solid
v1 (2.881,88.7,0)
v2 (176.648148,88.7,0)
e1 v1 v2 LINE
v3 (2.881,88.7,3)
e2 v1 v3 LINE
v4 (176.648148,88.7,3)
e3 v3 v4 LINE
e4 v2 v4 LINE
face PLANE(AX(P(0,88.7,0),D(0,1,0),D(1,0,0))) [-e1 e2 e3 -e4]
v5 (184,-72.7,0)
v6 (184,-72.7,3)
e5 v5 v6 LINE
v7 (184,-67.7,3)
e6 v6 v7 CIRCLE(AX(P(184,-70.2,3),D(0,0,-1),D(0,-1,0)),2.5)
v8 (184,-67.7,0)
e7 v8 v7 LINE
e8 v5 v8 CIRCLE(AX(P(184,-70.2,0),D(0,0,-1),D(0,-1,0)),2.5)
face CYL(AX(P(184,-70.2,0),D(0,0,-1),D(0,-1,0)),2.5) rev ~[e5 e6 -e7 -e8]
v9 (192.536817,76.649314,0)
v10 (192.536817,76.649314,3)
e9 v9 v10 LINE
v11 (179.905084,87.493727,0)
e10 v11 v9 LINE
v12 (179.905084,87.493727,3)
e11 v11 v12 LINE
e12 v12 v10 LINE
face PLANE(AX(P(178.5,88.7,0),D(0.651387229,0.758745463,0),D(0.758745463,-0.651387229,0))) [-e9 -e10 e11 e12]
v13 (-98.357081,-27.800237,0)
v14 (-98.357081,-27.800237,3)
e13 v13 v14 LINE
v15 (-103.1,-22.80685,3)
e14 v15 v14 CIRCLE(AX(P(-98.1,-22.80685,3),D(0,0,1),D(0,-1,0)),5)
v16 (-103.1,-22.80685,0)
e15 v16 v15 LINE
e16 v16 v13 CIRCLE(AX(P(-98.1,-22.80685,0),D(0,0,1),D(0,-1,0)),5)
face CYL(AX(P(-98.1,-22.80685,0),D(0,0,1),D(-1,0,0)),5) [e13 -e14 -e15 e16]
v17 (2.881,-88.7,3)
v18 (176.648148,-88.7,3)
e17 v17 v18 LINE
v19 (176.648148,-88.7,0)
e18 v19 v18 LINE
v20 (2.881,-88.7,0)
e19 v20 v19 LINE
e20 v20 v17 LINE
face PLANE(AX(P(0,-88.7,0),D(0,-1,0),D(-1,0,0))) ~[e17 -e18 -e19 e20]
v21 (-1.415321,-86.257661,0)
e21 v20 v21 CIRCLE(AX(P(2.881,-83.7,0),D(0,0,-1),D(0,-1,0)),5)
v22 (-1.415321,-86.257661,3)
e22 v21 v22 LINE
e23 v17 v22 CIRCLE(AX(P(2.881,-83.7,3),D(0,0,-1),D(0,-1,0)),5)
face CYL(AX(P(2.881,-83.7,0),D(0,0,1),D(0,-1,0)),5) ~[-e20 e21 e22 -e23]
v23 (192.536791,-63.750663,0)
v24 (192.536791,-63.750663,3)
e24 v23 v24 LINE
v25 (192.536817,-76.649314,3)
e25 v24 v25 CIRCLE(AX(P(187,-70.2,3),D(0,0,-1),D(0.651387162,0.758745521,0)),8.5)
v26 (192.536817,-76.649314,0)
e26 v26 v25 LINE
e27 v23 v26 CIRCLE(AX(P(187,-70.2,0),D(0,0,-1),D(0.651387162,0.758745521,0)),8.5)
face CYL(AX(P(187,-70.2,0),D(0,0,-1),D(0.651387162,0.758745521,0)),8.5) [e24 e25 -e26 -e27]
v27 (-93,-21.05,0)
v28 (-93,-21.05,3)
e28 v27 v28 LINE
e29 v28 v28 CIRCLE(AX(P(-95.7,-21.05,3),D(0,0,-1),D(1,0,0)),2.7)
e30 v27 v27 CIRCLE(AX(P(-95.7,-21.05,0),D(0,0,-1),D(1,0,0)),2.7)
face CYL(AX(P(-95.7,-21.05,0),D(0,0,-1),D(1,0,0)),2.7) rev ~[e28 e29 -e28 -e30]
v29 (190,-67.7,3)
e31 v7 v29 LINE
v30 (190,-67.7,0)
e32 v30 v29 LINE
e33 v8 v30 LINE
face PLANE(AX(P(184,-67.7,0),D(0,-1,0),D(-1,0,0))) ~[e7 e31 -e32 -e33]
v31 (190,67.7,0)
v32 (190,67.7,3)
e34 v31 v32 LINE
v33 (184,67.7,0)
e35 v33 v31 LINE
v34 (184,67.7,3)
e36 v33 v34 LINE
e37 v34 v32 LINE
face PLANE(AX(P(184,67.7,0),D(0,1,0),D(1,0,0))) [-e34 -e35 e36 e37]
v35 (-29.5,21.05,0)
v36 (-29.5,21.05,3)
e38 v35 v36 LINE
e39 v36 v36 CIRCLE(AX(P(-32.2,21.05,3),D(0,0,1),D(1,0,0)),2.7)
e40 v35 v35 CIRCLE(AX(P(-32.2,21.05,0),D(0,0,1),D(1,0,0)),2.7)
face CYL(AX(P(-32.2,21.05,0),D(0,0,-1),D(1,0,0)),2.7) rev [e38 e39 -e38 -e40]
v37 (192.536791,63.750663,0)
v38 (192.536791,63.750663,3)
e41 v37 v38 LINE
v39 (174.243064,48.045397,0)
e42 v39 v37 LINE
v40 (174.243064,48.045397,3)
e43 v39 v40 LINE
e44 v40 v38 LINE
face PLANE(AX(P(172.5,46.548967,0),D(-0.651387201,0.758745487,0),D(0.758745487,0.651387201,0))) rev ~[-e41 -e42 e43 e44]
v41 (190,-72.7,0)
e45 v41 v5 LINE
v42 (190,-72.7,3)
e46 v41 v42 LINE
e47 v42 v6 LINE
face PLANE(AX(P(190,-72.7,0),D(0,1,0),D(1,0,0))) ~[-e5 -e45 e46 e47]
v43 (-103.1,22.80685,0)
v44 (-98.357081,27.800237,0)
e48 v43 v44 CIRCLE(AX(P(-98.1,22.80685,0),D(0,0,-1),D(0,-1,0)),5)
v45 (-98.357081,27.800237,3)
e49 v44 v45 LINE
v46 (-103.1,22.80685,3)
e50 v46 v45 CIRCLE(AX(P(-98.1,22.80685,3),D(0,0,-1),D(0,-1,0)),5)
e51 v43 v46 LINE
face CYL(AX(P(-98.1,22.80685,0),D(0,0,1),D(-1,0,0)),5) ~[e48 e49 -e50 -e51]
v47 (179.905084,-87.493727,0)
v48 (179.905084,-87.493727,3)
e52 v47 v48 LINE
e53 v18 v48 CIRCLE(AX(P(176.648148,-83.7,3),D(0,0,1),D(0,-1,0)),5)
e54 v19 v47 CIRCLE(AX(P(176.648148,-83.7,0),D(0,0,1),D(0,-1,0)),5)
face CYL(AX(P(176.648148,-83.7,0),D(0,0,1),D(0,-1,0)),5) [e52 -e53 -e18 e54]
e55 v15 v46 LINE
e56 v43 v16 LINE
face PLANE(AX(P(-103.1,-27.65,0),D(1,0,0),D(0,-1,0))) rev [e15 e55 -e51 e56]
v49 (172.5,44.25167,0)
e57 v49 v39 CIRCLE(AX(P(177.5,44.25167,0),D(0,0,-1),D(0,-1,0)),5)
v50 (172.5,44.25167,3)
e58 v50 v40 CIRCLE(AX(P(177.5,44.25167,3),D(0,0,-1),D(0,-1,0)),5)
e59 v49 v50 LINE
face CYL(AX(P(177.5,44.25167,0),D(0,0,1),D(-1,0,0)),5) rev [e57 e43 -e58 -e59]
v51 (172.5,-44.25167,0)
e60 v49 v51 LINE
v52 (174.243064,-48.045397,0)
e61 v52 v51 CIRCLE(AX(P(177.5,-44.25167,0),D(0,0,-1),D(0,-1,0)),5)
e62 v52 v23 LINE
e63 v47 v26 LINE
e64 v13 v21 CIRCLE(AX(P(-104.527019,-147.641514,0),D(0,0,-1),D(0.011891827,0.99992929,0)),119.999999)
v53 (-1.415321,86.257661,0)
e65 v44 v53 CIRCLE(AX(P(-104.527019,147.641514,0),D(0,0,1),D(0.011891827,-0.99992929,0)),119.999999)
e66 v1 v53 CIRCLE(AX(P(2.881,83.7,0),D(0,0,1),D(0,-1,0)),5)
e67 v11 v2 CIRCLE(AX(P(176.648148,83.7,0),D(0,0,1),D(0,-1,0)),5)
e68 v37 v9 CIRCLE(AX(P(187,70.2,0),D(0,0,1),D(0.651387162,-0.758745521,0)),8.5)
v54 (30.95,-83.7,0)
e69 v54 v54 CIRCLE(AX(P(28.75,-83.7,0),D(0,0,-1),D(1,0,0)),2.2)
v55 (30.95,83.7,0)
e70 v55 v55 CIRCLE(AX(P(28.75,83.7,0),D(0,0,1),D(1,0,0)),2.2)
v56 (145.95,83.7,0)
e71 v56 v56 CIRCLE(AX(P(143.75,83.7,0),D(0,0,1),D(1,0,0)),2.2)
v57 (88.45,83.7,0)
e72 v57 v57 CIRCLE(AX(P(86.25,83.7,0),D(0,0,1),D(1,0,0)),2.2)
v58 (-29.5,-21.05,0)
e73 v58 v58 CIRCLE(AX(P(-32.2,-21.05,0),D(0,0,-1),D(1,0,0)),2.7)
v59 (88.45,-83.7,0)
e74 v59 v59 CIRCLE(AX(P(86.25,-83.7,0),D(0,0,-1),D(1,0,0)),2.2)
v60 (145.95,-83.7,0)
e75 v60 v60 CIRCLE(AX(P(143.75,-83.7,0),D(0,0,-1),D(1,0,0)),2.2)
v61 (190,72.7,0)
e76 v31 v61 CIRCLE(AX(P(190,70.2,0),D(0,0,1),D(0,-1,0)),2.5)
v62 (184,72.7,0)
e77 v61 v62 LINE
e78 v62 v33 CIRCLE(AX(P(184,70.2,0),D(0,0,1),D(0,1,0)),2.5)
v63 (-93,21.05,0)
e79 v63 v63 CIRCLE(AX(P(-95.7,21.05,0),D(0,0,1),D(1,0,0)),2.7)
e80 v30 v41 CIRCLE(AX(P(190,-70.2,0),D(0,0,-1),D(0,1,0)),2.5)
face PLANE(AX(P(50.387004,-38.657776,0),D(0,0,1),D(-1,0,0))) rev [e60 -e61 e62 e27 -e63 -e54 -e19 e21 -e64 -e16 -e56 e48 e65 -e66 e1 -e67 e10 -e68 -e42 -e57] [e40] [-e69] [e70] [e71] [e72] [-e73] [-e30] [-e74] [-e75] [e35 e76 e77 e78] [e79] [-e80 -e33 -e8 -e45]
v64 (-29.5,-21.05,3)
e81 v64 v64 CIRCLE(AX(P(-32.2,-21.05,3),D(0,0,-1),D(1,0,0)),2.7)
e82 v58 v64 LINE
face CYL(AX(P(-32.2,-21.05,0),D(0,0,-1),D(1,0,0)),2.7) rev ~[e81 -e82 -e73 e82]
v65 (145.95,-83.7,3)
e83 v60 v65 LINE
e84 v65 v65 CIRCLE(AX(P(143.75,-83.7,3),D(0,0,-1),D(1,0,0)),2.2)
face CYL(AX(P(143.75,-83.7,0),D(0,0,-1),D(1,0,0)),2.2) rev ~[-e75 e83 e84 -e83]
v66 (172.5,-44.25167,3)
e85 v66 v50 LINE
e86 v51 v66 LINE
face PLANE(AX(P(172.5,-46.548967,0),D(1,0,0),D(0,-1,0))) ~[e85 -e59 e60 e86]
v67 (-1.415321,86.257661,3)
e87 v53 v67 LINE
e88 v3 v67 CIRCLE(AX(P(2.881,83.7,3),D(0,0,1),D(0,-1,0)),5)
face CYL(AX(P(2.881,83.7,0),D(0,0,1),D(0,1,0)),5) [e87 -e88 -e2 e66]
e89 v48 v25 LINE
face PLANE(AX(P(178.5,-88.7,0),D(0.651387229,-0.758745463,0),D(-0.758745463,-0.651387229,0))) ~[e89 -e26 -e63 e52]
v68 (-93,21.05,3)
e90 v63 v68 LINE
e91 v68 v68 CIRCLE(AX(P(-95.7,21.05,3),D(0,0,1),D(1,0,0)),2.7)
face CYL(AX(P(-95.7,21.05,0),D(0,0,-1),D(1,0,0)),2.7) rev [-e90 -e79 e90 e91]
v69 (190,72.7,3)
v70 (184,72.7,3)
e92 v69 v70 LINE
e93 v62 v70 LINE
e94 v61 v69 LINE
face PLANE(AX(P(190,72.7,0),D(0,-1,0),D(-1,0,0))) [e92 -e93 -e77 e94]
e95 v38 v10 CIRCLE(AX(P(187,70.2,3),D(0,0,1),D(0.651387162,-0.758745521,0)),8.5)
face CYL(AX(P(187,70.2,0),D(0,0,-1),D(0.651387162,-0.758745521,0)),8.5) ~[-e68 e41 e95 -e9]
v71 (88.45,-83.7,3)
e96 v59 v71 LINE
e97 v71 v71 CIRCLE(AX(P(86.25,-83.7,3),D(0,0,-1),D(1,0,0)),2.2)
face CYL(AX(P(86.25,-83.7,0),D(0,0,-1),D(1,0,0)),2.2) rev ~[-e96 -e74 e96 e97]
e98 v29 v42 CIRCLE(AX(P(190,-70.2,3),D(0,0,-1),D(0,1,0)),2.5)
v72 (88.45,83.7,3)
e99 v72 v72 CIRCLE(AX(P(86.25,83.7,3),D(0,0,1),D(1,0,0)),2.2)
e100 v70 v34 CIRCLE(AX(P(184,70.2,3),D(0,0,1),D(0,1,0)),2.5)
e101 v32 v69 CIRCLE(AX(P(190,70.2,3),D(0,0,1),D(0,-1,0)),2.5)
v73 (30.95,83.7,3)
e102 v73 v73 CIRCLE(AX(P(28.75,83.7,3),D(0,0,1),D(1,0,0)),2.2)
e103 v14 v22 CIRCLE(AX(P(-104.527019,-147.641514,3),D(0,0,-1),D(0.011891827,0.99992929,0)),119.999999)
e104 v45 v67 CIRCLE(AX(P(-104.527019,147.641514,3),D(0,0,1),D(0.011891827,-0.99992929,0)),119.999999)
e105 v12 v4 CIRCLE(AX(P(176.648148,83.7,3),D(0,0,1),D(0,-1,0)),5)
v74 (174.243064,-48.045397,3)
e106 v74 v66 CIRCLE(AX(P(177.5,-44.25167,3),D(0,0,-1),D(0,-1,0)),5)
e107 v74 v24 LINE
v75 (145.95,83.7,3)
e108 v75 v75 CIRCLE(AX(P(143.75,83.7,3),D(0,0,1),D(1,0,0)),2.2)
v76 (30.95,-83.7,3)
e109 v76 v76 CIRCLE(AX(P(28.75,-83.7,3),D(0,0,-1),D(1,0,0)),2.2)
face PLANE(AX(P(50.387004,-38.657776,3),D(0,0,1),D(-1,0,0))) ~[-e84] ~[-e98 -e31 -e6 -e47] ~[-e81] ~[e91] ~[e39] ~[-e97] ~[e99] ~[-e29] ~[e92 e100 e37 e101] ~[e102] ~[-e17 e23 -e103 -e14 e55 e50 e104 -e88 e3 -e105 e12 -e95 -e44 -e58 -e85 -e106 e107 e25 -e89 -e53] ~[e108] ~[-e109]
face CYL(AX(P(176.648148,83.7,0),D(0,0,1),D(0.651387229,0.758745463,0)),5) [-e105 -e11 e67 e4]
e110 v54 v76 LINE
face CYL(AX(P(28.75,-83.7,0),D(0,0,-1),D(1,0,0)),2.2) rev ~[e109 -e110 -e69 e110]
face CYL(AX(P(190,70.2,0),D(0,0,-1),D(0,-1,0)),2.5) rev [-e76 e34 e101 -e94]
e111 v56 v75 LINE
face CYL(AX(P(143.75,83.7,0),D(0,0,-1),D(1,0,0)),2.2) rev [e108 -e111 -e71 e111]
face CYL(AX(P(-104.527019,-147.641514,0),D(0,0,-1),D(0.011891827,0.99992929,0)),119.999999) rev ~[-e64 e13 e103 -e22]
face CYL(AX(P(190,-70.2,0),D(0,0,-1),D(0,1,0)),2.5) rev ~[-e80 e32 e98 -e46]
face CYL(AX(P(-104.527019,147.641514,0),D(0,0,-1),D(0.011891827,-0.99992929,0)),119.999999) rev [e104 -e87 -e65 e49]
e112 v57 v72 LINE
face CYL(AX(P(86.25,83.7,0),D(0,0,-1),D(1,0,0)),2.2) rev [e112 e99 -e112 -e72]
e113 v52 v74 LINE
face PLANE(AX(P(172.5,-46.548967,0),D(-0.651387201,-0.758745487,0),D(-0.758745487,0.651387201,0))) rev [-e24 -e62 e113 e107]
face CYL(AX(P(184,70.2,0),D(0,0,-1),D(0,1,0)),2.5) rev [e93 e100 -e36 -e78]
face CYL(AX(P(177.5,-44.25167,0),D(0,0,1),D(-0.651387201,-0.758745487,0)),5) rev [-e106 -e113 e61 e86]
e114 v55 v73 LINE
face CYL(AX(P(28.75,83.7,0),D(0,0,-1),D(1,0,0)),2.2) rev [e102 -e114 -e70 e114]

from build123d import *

# Parameters (mm, degrees)
SKETCH_R   = 2.7
SKETCH_R_2 = 2.2
PAD_DEPTH  = 3
FILLET_R   = 5


with BuildPart() as part:
    # Sketch → Pad (new body)
    with BuildSketch(Plane.XY):
        with BuildLine():
            Line((-103.1, 27.65), (-103.1, 0))
            Line((-103.1, 0), (172.5, 0))
            Line((172.5, 46.548967), (172.5, 0))
            Line((172.5, 46.548967), (192.536791, 63.750663))
            ThreePointArc((192.536791, 63.750663), (195.5, 70.199983), (192.536817, 76.649314))
            Line((178.5, 88.7), (192.536817, 76.649314))
            Line((0, 88.7), (178.5, 88.7))
            ThreePointArc((-103.1, 27.65), (-43.385052, 44.386201), (0, 88.7))
        make_face()
        with Locations((-95.7, 21.05)):
            Circle(SKETCH_R, mode=Mode.SUBTRACT)
        with Locations((-32.2, 21.05)):
            Circle(SKETCH_R, mode=Mode.SUBTRACT)
        with Locations((86.25, 83.7)):
            Circle(SKETCH_R_2, mode=Mode.SUBTRACT)
        with Locations((28.75, 83.7)):
            Circle(SKETCH_R_2, mode=Mode.SUBTRACT)
        with Locations((143.75, 83.7)):
            Circle(SKETCH_R_2, mode=Mode.SUBTRACT)
        with BuildLine():
            ThreePointArc((184, 72.7), (181.5, 70.2), (184, 67.7))
            Line((184, 67.7), (190, 67.7))
            ThreePointArc((190, 67.7), (192.5, 70.2), (190, 72.7))
            Line((190, 72.7), (184, 72.7))
        make_face(mode=Mode.SUBTRACT)
    pad = extrude(amount=PAD_DEPTH)

    # Mirrored: Pad across XZ
    add(pad.mirror(Plane.XZ))

    # Fillet
    fillet_edges = [part.edges().sort_by_distance(p)[0] for p in [
        (178.5, -88.7, 1.5),
        (0, -88.7, 1.5),
        (-103.1, -27.65, 1.5),
        (192.536817, 76.649314, 1.5),
        (178.5, 88.7, 1.5),
        (0, 88.7, 1.5),
        (-103.1, 27.65, 1.5),
        (172.5, 46.548967, 1.5),
        (172.5, -46.548967, 1.5),
    ]]
    fillet(fillet_edges, radius=FILLET_R)


solid = part.part
